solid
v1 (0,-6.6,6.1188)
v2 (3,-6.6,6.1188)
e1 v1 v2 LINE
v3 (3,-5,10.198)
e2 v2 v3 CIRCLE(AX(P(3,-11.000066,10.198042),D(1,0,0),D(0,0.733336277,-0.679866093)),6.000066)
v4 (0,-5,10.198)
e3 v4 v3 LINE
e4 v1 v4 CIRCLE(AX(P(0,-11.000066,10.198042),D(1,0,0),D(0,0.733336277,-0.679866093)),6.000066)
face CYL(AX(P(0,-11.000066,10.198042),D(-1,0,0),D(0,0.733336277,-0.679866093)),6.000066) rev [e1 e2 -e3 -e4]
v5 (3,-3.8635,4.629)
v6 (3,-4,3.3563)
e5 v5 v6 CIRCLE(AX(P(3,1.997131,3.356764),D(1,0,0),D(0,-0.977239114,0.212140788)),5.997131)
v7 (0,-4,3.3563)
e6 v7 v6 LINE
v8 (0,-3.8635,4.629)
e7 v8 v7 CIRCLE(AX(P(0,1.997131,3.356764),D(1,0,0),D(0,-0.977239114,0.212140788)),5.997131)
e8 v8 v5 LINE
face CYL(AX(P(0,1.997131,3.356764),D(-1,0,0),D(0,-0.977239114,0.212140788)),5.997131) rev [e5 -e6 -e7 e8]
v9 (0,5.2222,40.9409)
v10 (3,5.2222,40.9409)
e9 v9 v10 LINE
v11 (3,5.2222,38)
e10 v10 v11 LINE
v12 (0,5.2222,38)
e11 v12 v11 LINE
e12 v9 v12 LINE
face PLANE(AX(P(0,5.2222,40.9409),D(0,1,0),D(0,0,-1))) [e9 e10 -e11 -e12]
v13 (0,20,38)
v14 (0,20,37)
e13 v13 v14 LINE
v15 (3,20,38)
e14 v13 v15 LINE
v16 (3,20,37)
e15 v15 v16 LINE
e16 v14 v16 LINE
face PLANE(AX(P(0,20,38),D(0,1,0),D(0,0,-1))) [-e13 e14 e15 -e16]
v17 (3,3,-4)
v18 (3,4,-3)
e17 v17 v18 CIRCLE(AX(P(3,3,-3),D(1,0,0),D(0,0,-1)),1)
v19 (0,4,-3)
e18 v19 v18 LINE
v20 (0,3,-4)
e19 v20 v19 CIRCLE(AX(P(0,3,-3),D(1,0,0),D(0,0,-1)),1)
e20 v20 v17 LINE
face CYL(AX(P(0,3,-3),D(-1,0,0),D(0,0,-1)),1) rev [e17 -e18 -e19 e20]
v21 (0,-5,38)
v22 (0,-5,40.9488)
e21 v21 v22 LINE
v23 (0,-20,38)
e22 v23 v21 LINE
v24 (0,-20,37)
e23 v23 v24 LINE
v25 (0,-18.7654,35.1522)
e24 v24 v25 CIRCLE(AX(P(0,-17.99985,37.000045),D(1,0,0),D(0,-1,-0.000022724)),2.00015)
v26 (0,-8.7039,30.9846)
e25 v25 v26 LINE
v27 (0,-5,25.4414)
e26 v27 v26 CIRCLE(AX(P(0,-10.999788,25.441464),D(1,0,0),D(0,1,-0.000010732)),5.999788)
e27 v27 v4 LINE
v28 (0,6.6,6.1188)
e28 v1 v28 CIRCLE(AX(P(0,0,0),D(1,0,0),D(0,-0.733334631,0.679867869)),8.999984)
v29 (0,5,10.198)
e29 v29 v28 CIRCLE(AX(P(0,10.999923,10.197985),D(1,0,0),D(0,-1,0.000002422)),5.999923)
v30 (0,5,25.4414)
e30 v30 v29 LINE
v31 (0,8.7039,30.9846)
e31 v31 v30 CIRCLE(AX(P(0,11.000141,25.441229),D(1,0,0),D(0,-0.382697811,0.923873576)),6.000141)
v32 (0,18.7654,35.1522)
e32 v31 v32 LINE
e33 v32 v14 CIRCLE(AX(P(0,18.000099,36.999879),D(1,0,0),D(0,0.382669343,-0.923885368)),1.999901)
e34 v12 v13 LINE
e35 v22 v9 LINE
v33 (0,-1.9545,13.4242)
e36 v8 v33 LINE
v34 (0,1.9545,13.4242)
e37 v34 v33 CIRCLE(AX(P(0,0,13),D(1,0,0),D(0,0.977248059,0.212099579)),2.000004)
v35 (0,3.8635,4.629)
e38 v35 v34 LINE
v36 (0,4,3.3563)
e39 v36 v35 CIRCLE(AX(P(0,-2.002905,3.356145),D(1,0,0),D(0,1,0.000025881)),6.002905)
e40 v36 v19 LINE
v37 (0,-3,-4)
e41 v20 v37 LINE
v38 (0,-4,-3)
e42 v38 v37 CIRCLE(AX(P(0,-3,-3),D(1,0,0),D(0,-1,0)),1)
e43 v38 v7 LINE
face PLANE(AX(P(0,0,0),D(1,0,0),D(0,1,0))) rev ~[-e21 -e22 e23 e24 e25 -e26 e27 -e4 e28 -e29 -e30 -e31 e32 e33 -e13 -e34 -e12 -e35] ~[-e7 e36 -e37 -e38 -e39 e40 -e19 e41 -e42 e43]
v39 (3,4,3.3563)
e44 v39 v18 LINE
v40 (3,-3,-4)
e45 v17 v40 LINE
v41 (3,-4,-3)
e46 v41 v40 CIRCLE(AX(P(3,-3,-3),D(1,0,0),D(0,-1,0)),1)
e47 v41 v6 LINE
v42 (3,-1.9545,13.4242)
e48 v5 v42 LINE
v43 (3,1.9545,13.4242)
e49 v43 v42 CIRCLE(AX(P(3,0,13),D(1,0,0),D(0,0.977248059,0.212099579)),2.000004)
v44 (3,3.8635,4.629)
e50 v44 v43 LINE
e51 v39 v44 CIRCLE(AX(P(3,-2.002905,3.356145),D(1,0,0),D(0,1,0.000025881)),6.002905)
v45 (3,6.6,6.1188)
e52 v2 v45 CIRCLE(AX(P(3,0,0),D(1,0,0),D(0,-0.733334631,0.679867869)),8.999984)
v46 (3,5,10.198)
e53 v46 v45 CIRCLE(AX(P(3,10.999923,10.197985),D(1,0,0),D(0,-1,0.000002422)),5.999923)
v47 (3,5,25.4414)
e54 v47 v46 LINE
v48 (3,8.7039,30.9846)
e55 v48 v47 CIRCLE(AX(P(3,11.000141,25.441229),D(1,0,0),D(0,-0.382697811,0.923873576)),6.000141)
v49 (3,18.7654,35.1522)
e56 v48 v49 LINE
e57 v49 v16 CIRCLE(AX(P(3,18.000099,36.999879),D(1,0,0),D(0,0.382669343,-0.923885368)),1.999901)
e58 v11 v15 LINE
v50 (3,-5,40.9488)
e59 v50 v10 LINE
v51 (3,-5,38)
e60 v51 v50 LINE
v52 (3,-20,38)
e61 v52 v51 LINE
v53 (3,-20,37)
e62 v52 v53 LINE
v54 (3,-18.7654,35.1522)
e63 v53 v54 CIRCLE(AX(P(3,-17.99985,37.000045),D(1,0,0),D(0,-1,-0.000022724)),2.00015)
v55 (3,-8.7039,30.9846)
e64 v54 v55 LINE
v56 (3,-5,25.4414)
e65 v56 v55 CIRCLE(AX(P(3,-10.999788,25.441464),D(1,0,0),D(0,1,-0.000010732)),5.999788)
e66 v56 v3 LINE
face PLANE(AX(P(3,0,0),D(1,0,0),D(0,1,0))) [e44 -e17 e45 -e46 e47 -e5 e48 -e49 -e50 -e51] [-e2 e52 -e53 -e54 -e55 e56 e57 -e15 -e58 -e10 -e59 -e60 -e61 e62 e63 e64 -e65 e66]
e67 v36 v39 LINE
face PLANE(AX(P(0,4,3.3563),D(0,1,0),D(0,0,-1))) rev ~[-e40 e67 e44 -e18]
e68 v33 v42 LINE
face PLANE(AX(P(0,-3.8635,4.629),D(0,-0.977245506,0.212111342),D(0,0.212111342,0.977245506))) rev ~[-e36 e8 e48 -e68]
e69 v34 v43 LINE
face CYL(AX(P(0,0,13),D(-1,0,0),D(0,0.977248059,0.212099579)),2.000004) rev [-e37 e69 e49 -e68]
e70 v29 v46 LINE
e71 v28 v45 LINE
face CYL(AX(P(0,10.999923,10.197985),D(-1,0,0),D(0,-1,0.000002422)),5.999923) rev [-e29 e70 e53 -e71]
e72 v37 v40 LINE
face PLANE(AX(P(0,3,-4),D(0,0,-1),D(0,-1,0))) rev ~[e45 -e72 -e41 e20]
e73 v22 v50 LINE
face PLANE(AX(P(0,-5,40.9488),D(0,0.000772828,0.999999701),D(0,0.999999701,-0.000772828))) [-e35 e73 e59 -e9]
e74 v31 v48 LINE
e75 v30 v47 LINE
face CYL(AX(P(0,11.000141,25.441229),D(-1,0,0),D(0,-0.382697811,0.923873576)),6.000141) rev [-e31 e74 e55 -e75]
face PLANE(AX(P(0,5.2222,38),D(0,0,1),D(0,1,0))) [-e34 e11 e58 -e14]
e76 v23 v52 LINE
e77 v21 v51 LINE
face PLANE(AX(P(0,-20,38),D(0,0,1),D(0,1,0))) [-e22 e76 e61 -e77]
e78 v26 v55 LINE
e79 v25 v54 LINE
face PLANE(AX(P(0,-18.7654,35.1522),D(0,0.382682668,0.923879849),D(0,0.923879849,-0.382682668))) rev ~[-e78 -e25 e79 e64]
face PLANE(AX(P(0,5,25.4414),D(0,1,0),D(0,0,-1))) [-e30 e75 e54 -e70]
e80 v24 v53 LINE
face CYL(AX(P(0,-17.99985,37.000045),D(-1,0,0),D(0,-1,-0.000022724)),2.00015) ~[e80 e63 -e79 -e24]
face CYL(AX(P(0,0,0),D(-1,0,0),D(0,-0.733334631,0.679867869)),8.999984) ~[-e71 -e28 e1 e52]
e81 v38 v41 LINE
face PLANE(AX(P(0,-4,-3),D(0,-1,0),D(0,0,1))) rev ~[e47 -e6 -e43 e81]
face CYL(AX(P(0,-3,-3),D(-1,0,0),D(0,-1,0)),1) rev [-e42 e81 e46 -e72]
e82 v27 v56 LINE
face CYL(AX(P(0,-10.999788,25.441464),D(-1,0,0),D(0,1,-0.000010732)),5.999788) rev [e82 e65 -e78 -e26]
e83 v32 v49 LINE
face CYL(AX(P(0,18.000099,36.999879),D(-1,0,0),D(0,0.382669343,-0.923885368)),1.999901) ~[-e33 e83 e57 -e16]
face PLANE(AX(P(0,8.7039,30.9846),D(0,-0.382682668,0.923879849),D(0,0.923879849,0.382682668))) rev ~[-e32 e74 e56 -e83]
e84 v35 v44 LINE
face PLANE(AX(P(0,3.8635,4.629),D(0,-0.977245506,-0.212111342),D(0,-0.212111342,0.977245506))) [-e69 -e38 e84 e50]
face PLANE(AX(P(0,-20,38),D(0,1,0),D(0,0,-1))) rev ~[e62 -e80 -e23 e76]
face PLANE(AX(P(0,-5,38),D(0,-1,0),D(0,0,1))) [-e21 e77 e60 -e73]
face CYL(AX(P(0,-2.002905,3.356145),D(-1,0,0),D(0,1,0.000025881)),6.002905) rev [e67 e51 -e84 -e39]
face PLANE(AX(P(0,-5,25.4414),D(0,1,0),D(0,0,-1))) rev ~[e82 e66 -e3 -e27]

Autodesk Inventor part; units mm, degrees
ref_plane "YZ Plane" through (0, 0, 0) normal (1, 0, 0) x (0, 1, 0)
ref_plane "XZ Plane" through (0, 0, 0) normal (0, 1, 0) x (-1, 0, 0)
ref_plane "XY Plane" through (0, 0, 0) normal (0, 0, 1) x (1, 0, 0)
sketch "Sketch1" plane through (0, 0, 0) normal (1, 0, 0) x (0, 1, 0)
  line L0 (-18.7654, 35.1522) -> (-8.7039, 30.9846)
  line L1 (8.7039, 30.9846) -> (18.7654, 35.1522)
  line L2 (-21, 41) -> (21, 41) construction
  line L3 (-5, 25.4414) -> (-5, 10.198)
  line L4 (5, 25.4414) -> (5, 10.198)
  arc A0 (-5, 25.4414) -> (-8.7039, 30.9846) centre (-11, 25.4414) ccw
  arc A1 (8.7039, 30.9846) -> (5, 25.4414) centre (11, 25.4414) ccw
  arc A2 (-6.6, 6.1188) -> (6.6, 6.1188) centre (0, 0) ccw
  arc A3 (-6.6, 6.1188) -> (-5, 10.198) centre (-11, 10.198) ccw
  arc A4 (5, 10.198) -> (6.6, 6.1188) centre (11, 10.198) ccw
  line L5 (4, 3.3563) -> (4, -3)
  line L6 (3, -4) -> (-3, -4)
  line L7 (-4, -3) -> (-4, 3.3563)
  line L8 (-4, 4) -> (4, -4) construction
  line L9 (4, 4) -> (-4, -4) construction
  arc A5 (1.9545, 13.4242) -> (-1.9545, 13.4242) centre (0, 13) ccw
  line L10 (0, 13) -> (0, 0) construction
  line L11 (-3.8635, 4.629) -> (-1.9545, 13.4242)
  line L12 (3.8635, 4.629) -> (1.9545, 13.4242)
  arc A6 (-3.8635, 4.629) -> (-4, 3.3563) centre (2, 3.3563) ccw
  arc A7 (4, 3.3563) -> (3.8635, 4.629) centre (-2, 3.3563) ccw
  arc A8 (-4, -3) -> (-3, -4) centre (-3, -3) ccw
  arc A9 (3, -4) -> (4, -3) centre (3, -3) ccw
  line L13 (-5, 38) -> (-5, 41)
  line L14 (5.2222, 41) -> (5.2222, 38)
  line L15 (-20, 38) -> (-5, 38)
  line L16 (5.2222, 38) -> (20, 38)
  line L17 (-20, 38) -> (-20, 37)
  line L18 (20, 38) -> (20, 37)
  circle A10 centre (0, 0) radius 46 construction
  arc A11 (-20, 37) -> (-18.7654, 35.1522) centre (-18, 37) ccw
  arc A12 (18.7654, 35.1522) -> (20, 37) centre (18, 37) ccw
  line L19 (-5, 40.9488) -> (5.2222, 40.9409)
  point P0 (-5, 29.4504)
  point P1 (5, 29.4504)
  point P2 (-5, 7.4833)
  point P3 (5, 7.4833)
  point P4 (0, 0)
  dimension "d25" = 10
  dimension "d32" = 6
  dimension "d33" = 6
  dimension "d68" = 18
  dimension "d69" = 6
  dimension "d75" = 8
  dimension "d76" = 8
  dimension "d77" = 4
  dimension "d78" = 13
  dimension "d79" = 6
  dimension "d80" = 1
  dimension "d82" = 46
  dimension "d84" = 38
  dimension "d85" = 3
  dimension "d86" = 5
  dimension "d87" = 20
  dimension "d88" = 40
  dimension "d90" = 2
  dimension "d93" = 1
  dimension "d94" = 1
  dimension "d95" = 22.5
  dimension "d96" = 22.5
  dimension "d97" = 4
  dimension "d98" = 4
extrude "Extrusion6" add sketch "Sketch1" along normal blind 3
properties part number "Camera Mount_B073113"
